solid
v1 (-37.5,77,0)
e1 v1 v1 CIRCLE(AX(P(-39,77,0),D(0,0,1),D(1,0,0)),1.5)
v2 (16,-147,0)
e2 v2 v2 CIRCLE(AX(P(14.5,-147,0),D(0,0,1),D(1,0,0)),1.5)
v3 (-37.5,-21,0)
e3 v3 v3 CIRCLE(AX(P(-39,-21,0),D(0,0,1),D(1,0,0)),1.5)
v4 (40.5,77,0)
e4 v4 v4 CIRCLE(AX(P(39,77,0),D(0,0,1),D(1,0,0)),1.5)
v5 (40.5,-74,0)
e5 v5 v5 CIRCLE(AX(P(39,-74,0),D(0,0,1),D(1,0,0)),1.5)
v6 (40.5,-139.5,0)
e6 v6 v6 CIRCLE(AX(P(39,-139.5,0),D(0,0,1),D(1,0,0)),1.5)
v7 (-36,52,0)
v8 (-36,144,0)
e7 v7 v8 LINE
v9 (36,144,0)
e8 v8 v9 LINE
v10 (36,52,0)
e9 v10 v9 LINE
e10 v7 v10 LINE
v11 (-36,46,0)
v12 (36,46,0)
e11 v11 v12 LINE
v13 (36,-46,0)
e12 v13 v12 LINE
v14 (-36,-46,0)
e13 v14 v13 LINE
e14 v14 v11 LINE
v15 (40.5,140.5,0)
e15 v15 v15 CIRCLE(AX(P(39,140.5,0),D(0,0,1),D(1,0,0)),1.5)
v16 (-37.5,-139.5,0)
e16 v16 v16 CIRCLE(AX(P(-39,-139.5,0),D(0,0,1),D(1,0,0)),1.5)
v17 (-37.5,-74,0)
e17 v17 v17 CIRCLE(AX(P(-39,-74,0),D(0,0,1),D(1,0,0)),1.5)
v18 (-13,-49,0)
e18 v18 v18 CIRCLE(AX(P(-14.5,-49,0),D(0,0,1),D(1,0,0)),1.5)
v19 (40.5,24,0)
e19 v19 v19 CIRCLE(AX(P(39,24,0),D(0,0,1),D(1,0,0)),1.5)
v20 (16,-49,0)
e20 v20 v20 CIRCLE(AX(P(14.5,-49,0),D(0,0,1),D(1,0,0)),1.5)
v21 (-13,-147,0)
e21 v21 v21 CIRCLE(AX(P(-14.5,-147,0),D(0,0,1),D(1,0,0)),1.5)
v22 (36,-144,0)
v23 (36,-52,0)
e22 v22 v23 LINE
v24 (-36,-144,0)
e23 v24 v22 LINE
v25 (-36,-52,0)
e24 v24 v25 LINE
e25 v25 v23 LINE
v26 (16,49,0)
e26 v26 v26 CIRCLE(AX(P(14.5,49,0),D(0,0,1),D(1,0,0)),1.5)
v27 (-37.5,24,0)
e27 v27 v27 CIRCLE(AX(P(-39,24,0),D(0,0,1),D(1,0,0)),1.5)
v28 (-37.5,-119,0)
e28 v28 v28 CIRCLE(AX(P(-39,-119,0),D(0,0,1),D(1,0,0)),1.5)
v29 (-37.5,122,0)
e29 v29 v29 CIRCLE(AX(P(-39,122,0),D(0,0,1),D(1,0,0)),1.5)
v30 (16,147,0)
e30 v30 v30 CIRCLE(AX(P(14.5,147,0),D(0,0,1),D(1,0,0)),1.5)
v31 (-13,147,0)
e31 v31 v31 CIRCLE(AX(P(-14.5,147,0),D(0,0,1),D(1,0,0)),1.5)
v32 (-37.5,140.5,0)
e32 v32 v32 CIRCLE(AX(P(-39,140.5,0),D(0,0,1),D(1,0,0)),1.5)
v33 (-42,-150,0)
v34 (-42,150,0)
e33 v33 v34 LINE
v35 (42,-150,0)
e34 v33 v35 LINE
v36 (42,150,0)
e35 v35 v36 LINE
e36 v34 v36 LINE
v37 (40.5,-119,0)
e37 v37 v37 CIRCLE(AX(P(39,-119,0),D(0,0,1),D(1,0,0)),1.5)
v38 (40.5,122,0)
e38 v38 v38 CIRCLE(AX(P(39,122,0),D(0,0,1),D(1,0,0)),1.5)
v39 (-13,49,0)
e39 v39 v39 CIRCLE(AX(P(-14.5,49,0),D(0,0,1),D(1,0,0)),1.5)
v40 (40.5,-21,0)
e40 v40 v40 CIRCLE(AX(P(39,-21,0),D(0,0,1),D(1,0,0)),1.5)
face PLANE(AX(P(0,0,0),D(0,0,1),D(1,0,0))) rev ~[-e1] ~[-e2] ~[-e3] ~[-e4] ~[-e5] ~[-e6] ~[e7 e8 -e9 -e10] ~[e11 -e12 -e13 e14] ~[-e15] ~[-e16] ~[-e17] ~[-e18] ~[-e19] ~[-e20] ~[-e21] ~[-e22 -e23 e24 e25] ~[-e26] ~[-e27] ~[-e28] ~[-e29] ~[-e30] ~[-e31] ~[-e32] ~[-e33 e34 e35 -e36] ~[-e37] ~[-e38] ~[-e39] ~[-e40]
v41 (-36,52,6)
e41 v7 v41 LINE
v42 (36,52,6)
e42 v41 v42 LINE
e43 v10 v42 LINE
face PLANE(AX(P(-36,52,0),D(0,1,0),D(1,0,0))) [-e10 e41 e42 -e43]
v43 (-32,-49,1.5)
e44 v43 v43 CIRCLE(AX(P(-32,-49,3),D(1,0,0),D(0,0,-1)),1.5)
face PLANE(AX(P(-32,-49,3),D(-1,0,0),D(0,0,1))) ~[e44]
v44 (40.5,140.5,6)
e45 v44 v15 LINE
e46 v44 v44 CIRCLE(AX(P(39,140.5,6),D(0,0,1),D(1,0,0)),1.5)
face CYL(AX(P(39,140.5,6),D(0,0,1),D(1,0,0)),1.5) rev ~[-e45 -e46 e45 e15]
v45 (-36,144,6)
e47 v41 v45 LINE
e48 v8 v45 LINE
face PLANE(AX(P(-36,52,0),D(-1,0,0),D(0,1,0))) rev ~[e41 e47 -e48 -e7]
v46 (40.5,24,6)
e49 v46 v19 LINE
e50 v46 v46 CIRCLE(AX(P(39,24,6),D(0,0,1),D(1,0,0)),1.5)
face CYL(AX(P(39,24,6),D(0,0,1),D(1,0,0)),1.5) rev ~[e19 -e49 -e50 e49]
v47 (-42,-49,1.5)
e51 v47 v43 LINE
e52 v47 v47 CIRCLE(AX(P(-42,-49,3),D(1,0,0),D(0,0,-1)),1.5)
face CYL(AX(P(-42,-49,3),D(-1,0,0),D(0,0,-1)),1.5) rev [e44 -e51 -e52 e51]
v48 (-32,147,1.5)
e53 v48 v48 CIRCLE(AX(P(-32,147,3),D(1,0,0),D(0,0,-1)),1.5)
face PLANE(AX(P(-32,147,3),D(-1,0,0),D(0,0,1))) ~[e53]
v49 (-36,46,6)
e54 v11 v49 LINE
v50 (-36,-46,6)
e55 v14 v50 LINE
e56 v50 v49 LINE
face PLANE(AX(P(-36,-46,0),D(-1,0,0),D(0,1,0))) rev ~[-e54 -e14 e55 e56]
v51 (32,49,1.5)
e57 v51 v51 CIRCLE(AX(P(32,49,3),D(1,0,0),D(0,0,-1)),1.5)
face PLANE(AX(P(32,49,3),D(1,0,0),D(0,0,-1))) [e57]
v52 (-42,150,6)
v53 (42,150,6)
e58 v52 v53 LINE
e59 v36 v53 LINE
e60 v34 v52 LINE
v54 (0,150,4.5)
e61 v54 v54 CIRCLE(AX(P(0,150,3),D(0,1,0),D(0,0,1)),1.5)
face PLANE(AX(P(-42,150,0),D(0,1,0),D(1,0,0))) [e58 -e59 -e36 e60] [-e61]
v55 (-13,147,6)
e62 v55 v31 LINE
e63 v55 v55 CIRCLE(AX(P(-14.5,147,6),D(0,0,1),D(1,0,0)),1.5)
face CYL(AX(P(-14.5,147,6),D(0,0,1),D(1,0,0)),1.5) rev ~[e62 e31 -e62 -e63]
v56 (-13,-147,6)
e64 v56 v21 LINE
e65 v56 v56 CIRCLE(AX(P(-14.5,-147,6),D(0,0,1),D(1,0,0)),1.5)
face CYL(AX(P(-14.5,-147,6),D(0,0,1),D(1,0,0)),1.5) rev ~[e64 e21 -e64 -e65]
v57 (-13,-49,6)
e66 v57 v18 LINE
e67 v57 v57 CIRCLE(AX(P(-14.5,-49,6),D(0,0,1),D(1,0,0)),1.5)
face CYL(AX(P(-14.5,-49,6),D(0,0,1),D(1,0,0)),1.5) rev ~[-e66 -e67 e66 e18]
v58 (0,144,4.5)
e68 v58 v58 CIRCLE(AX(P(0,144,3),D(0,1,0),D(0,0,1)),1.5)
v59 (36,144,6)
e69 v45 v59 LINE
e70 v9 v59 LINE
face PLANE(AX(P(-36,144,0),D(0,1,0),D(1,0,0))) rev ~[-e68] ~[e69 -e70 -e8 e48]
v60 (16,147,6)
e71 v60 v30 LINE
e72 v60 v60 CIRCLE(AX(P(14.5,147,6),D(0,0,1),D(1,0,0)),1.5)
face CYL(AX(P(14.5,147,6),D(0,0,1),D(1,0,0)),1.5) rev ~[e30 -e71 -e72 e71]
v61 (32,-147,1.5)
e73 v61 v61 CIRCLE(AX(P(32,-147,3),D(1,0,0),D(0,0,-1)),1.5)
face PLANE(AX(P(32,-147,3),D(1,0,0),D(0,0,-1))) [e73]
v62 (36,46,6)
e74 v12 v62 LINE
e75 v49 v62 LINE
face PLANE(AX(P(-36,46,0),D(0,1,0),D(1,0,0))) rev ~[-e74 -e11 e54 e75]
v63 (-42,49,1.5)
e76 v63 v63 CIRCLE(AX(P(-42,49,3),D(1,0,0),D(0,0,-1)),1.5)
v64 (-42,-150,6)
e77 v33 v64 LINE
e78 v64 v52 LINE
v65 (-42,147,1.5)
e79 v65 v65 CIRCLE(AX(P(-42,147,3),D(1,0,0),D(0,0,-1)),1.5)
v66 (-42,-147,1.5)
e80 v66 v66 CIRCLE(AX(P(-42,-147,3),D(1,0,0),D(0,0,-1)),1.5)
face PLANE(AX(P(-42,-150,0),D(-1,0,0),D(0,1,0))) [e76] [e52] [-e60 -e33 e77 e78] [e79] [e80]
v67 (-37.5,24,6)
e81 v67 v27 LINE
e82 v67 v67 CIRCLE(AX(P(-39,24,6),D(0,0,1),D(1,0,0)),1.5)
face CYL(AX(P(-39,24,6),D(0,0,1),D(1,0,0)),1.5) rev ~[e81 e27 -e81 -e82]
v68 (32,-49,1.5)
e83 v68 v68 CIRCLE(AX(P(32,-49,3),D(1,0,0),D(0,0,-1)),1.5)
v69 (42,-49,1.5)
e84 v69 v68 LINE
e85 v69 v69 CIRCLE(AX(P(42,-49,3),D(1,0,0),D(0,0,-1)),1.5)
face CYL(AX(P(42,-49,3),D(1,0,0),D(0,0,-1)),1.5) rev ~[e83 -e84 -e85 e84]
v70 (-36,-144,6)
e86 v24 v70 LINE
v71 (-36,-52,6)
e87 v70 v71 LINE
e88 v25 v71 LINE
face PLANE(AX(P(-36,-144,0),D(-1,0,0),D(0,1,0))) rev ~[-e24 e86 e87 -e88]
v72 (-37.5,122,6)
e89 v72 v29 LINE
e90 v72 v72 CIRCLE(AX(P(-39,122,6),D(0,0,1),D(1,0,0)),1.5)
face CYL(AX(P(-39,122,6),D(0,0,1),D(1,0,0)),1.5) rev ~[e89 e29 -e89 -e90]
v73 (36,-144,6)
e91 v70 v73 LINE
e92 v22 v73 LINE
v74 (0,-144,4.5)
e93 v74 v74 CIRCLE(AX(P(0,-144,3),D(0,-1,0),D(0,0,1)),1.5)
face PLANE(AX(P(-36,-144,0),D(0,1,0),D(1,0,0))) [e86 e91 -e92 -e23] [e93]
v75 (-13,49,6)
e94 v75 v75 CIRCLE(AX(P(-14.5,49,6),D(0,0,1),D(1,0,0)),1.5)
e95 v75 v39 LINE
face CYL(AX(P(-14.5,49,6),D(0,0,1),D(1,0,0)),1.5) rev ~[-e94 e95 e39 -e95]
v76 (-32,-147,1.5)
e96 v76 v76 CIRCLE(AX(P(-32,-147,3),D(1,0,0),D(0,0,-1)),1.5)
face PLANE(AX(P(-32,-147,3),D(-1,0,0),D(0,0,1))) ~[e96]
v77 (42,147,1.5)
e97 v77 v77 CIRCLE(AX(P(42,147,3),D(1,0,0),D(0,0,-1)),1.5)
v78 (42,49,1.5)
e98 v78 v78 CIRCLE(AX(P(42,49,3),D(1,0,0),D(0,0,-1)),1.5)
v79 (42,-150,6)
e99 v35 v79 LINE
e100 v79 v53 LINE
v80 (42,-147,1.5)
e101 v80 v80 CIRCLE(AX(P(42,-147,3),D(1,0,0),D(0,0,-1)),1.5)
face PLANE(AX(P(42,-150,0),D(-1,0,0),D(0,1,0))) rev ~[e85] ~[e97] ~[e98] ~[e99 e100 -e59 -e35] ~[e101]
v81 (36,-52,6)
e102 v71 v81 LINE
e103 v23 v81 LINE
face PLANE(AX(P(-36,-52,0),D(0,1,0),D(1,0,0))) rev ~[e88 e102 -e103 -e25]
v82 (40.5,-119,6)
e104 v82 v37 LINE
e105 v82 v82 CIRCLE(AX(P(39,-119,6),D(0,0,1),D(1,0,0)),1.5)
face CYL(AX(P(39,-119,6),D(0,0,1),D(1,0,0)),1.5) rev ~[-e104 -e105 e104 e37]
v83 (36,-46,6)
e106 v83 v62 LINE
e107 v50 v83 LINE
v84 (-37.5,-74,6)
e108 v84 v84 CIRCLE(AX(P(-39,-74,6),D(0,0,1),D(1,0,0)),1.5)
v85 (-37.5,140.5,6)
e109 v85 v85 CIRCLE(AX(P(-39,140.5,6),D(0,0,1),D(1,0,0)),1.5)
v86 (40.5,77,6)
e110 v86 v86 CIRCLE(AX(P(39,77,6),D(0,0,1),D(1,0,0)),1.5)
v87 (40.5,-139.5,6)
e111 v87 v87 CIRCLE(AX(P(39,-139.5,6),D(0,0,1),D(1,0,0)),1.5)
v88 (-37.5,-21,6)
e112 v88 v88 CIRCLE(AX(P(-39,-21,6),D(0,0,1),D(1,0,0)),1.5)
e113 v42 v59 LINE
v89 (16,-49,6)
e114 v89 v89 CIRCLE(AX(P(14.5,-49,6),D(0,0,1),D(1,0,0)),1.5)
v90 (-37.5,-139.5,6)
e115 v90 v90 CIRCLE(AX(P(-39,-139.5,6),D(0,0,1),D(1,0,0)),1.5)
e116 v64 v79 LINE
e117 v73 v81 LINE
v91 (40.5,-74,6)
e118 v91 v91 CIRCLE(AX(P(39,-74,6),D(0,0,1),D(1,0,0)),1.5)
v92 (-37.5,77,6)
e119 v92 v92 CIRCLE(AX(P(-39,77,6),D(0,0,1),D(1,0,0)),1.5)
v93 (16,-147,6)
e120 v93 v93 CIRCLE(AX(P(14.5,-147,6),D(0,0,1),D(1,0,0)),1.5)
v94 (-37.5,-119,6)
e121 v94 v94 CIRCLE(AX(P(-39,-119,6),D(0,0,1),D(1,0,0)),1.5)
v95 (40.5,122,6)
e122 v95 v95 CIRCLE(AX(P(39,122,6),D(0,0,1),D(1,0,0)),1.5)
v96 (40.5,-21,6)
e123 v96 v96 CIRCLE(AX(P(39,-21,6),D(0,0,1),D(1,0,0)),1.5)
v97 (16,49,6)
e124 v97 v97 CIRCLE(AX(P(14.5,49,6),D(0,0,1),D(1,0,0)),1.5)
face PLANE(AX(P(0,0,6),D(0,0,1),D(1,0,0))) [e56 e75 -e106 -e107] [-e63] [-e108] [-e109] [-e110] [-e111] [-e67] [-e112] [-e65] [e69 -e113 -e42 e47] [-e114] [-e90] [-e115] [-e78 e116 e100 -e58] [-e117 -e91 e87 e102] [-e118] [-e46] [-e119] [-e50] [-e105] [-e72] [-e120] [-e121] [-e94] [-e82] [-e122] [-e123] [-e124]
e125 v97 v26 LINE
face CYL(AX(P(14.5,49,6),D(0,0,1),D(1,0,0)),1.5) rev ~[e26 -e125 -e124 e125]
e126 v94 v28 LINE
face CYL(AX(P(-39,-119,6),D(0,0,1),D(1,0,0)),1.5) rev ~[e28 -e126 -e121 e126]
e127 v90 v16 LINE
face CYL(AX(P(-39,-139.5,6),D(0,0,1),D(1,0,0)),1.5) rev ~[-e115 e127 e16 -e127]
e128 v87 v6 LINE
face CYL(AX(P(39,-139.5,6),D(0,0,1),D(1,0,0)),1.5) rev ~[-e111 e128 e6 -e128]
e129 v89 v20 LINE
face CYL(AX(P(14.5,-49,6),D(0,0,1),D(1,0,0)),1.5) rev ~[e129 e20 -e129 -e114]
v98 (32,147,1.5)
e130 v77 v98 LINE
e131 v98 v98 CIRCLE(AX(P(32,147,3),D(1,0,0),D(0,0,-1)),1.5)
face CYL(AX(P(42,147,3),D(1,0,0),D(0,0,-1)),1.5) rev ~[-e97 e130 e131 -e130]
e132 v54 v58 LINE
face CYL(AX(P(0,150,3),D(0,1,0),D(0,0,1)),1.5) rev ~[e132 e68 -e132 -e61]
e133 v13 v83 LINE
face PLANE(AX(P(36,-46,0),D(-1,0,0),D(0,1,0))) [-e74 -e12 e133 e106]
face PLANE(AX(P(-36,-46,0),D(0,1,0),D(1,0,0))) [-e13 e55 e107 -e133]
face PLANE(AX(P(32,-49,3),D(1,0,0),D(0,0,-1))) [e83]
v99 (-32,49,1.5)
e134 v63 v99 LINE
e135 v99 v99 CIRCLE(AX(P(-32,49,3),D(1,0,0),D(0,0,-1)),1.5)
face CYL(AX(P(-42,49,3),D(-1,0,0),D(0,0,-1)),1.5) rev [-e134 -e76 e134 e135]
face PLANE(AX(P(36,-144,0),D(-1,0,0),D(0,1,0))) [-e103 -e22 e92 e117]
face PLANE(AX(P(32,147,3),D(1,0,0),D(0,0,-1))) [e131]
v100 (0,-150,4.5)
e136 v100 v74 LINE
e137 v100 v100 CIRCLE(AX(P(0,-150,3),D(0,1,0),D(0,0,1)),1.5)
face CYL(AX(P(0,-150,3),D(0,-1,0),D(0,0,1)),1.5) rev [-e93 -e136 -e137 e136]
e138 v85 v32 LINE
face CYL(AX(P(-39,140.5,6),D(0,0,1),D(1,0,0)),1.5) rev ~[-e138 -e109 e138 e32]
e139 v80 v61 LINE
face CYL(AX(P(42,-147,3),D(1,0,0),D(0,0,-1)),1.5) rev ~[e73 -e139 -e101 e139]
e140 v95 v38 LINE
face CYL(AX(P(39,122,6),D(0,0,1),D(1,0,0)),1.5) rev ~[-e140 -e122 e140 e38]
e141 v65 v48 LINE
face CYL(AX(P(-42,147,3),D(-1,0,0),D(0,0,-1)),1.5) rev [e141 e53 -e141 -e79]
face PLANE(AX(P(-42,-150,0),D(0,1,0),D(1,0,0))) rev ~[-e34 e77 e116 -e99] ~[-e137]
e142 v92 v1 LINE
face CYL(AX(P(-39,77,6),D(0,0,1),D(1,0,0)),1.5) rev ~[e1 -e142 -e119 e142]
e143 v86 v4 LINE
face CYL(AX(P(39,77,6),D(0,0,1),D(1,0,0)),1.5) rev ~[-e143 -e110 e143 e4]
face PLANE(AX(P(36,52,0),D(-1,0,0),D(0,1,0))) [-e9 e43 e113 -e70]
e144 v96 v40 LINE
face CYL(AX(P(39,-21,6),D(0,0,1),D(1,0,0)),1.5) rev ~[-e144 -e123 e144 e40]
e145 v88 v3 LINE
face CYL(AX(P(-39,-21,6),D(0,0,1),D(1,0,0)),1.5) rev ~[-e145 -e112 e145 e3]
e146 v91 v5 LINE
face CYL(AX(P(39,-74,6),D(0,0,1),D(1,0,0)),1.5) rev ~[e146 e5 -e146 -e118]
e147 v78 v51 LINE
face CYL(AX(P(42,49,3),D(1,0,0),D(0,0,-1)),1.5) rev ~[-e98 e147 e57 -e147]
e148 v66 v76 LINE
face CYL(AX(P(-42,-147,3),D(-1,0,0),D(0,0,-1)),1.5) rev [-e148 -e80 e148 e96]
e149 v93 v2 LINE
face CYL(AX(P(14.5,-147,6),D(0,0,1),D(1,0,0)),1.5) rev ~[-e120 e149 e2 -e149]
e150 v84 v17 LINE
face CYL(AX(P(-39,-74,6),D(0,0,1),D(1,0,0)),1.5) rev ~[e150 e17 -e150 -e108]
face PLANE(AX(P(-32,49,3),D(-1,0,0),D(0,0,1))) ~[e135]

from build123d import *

# Parameters (mm, degrees)
SKETCH1_W           = 84
SKETCH1_H           = 300
SKETCH1_W_2         = 72
SKETCH1_H_2         = 92
BOSS_EXTRUDE1_DEPTH = 6
SKETCH2_R           = 1.5
CUT_EXTRUDE1_DEPTH  = 10
SKETCH3_R           = 1.5
CUT_EXTRUDE2_DEPTH  = 10
SKETCH4_R           = 1.5
CUT_EXTRUDE3_DEPTH  = 10
SKETCH5_R           = 1.5
CUT_EXTRUDE4_DEPTH  = 10


with BuildPart() as part:
    # Sketch1 → Boss-Extrude1 (new body)
    with BuildSketch(Plane.XY):
        Rectangle(SKETCH1_W, SKETCH1_H)
        with Locations((0, 98)):
            Rectangle(SKETCH1_W_2, SKETCH1_H_2, mode=Mode.SUBTRACT)
        with Locations((0, -98)):
            Rectangle(SKETCH1_W_2, SKETCH1_H_2, mode=Mode.SUBTRACT)
        Rectangle(SKETCH1_W_2, SKETCH1_H_2, mode=Mode.SUBTRACT)
    extrude(amount=BOSS_EXTRUDE1_DEPTH)

    # Sketch2 → Cut-Extrude1 (cut)
    with BuildSketch(Plane(origin=(42, 0, 0), x_dir=(0, 0, -1), z_dir=(1, 0, 0))):
        with Locations((-3, 147)):
            Circle(SKETCH2_R)
        with Locations((-3, 49)):
            Circle(SKETCH2_R)
        with Locations((-3, -49)):
            Circle(SKETCH2_R)
        with Locations((-3, -147)):
            Circle(SKETCH2_R)
    cut_extrude1 = extrude(amount=-CUT_EXTRUDE1_DEPTH, mode=Mode.SUBTRACT)

    # Mirror1: Cut-Extrude1 across plane
    add(cut_extrude1.mirror(Plane(origin=(0, 0, 0), x_dir=(0, 0, 1), z_dir=(1, 0, 0))), mode=Mode.SUBTRACT)

    # Sketch3 → Cut-Extrude2 (cut)
    with BuildSketch(Plane.XY.offset(6)):
        with Locations((-39, 140.5)):
            Circle(SKETCH3_R)
        with Locations((39, 140.5)):
            Circle(SKETCH3_R)
        with Locations((39, -139.5)):
            Circle(SKETCH3_R)
        with Locations((-39, -139.5)):
            Circle(SKETCH3_R)
    extrude(amount=-CUT_EXTRUDE2_DEPTH, mode=Mode.SUBTRACT)

    # Sketch4 → Cut-Extrude3 (cut)
    with BuildSketch(Plane.XY.offset(6)):
        with Locations((-14.5, 147)):
            Circle(SKETCH4_R)
        with Locations((14.5, 147)):
            Circle(SKETCH4_R)
        with Locations((14.5, 49)):
            Circle(SKETCH4_R)
        with Locations((-14.5, 49)):
            Circle(SKETCH4_R)
        with Locations((14.5, -49)):
            Circle(SKETCH4_R)
        with Locations((-14.5, -49)):
            Circle(SKETCH4_R)
        with Locations((14.5, -147)):
            Circle(SKETCH4_R)
        with Locations((-14.5, -147)):
            Circle(SKETCH4_R)
        with Locations((-39, 122)):
            Circle(SKETCH4_R)
        with Locations((-39, 77)):
            Circle(SKETCH4_R)
        with Locations((39, 122)):
            Circle(SKETCH4_R)
        with Locations((39, 77)):
            Circle(SKETCH4_R)
        with Locations((39, 24)):
            Circle(SKETCH4_R)
        with Locations((39, -21)):
            Circle(SKETCH4_R)
        with Locations((39, -74)):
            Circle(SKETCH4_R)
        with Locations((39, -119)):
            Circle(SKETCH4_R)
        with Locations((-39, 24)):
            Circle(SKETCH4_R)
        with Locations((-39, -21)):
            Circle(SKETCH4_R)
        with Locations((-39, -74)):
            Circle(SKETCH4_R)
        with Locations((-39, -119)):
            Circle(SKETCH4_R)
    extrude(amount=-CUT_EXTRUDE3_DEPTH, mode=Mode.SUBTRACT)

    # Sketch5 → Cut-Extrude4 (cut)
    with BuildSketch(Plane(origin=(0, 150, 0), x_dir=(1, 0, 0), z_dir=(0, 1, 0))):
        with Locations(Location((0, -3, 0), (0, 0, 270))):
            Circle(SKETCH5_R)
    cut_extrude4 = extrude(amount=-CUT_EXTRUDE4_DEPTH, mode=Mode.SUBTRACT)

    # Mirror2: Cut-Extrude4 across plane
    add(cut_extrude4.mirror(Plane.ZX), mode=Mode.SUBTRACT)


solid = part.part
